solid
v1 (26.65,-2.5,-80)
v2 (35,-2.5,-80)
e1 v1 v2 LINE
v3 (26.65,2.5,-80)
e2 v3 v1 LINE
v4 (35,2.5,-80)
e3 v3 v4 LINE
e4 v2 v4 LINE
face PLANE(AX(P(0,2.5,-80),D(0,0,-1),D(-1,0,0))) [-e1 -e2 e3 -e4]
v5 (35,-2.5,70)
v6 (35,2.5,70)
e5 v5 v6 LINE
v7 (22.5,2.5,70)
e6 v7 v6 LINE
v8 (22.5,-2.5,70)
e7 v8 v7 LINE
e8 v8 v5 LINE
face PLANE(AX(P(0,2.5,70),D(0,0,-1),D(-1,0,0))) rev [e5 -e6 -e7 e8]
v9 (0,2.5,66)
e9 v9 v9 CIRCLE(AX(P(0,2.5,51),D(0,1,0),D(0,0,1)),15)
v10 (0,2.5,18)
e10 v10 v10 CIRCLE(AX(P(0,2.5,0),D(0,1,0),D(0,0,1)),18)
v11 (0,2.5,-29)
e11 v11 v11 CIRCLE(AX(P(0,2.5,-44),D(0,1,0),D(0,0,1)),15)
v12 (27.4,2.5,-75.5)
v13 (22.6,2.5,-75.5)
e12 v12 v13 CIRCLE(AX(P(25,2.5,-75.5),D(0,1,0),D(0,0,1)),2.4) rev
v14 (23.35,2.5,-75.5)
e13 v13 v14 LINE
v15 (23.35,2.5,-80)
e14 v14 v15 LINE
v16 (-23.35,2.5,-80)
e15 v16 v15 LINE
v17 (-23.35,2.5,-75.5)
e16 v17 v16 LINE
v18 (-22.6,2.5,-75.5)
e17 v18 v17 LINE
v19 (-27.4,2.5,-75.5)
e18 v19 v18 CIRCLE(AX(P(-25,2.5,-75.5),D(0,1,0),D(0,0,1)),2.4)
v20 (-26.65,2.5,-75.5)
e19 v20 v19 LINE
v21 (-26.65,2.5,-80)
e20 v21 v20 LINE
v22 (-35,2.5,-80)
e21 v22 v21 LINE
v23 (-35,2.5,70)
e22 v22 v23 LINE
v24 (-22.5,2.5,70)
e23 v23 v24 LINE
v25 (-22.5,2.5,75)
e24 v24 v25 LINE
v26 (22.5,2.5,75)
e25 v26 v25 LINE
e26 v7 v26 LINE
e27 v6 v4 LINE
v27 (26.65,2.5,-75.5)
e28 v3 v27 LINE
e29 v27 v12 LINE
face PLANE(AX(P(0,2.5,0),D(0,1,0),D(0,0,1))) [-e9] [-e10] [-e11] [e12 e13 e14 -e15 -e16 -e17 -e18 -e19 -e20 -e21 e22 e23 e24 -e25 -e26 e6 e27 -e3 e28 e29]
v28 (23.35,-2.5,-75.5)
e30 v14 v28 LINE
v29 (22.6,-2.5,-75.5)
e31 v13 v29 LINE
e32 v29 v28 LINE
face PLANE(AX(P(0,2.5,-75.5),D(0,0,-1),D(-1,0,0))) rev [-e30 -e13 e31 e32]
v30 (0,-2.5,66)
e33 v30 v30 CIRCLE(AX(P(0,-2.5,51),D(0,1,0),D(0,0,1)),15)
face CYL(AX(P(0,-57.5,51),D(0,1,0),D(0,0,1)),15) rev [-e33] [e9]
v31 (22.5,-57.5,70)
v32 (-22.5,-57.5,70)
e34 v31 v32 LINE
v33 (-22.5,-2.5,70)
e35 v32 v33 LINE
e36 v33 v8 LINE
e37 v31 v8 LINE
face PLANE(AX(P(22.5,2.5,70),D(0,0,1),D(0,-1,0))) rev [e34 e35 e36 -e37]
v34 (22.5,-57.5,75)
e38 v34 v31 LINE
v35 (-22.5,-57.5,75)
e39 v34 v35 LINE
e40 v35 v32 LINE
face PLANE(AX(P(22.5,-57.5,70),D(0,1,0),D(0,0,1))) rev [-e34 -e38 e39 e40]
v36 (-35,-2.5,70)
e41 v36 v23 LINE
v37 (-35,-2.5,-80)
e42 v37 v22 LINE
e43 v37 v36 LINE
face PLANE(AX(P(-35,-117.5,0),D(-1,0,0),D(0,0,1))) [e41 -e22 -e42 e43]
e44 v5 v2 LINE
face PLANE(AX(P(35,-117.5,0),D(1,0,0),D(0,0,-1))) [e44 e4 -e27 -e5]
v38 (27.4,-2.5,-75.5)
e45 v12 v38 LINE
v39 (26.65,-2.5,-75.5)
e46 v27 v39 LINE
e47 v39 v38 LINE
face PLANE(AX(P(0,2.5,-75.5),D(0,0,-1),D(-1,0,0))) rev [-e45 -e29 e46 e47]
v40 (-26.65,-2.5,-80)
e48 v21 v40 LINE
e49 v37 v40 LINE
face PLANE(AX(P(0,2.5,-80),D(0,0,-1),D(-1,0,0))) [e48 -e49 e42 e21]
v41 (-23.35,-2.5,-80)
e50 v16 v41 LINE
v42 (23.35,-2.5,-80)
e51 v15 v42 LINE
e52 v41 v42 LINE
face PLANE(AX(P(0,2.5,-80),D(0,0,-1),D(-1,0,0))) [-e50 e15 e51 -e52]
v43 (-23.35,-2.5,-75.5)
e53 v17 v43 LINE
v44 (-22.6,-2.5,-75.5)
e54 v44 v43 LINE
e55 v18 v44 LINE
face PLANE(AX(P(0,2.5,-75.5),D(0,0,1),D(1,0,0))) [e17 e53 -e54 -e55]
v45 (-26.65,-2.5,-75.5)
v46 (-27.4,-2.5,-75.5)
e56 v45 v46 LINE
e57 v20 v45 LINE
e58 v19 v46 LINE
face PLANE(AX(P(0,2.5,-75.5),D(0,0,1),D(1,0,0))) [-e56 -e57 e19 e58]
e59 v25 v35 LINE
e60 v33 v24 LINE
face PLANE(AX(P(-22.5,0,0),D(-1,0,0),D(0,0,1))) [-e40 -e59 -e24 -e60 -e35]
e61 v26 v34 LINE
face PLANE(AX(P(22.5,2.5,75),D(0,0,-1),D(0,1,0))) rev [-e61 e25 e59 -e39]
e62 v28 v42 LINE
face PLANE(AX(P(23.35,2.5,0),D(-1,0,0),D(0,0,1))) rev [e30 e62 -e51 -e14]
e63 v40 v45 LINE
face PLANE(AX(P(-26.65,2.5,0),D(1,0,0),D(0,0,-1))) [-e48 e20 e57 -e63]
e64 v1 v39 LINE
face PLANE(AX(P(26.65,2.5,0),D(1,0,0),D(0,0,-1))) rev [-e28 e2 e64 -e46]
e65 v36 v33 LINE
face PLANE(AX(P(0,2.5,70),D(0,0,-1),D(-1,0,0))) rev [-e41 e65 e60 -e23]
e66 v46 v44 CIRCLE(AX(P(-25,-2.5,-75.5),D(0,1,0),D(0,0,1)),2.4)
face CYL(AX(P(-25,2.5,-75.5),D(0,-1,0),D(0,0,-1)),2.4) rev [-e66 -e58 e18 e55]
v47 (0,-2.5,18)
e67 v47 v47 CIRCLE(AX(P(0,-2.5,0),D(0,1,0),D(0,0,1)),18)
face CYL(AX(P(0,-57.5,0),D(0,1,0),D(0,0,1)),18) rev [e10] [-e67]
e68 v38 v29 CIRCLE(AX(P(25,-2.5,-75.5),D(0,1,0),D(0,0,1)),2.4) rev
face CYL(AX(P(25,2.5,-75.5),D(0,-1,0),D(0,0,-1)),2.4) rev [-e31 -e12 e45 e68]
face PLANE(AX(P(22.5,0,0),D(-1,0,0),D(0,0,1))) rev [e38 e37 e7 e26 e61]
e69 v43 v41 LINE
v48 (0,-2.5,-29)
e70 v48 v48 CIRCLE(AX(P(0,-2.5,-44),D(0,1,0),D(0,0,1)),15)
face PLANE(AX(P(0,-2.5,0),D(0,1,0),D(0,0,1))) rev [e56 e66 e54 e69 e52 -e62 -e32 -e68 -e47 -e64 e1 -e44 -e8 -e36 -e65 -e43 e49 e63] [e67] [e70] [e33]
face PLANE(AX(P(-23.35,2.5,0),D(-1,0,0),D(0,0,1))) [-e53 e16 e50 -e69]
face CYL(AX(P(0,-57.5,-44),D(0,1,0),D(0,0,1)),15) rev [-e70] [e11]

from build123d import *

# Parameters (mm, degrees)
BOSS_EXTRUDE1_DEPTH     = 2.5
SKETCH4_W               = 41.785
SKETCH4_H               = 150
CUT_EXTRUDE1_DEPTH      = 120
SKETCH5_W               = 5
SKETCH5_H               = 60
BOSS_EXTRUDE2_DEPTH     = 22.5
CUT_EXTRUDE2_DEPTH      = 106.948100502
CUT_EXTRUDE2_DEPTH_BACK = 106.948100502
SKETCH3_R               = 15
SKETCH3_R_2             = 18


with BuildPart() as part:
    # Sketch2 → Boss-Extrude1 (new, symmetric)
    with BuildSketch(Plane(origin=(0, 0, 0), x_dir=(1, 0, 0), z_dir=(0, 1, 0))):
        with BuildLine():
            Line((-26.65, 80), (-76.785, 80))
            Line((-76.785, 80), (-76.785, -70))
            Line((-76.785, -70), (76.785, -70))
            Line((76.785, -70), (76.785, 80))
            Line((76.785, 80), (26.65, 80))
            Line((26.65, 80), (26.65, 75.5))
            Line((26.65, 75.5), (27.4, 75.5))
            ThreePointArc((27.4, 75.5), (25, 73.1), (22.6, 75.5))
            Line((22.6, 75.5), (23.35, 75.5))
            Line((23.35, 75.5), (23.35, 80))
            Line((23.35, 80), (-23.35, 80))
            Line((-23.35, 80), (-23.35, 75.5))
            Line((-23.35, 75.5), (-22.6, 75.5))
            ThreePointArc((-22.6, 75.5), (-25, 73.1), (-27.4, 75.5))
            Line((-27.4, 75.5), (-26.65, 75.5))
            Line((-26.65, 75.5), (-26.65, 80))
        make_face()
    extrude(amount=BOSS_EXTRUDE1_DEPTH, both=True)

    # Sketch4 → Cut-Extrude1 (cut)
    with BuildSketch(Plane(origin=(0, 2.5, 0), x_dir=(1, 0, 0), z_dir=(0, 1, 0))):
        with Locations((-55.8925, 5)):
            Rectangle(SKETCH4_W, SKETCH4_H)
        with Locations((55.8925, 5)):
            Rectangle(SKETCH4_W, SKETCH4_H)
    extrude(amount=-CUT_EXTRUDE1_DEPTH, mode=Mode.SUBTRACT)

    # Sketch5 → Boss-Extrude2 (add, symmetric)
    with BuildSketch(Plane(origin=(0, 0, 0), x_dir=(0, 0, -1), z_dir=(1, 0, 0))):
        with Locations((-72.5, -27.5)):
            Rectangle(SKETCH5_W, SKETCH5_H)
    extrude(amount=BOSS_EXTRUDE2_DEPTH, both=True)

    # Sketch3 → Cut-Extrude2 (cut, two sides: drawn at the far end of the back side and taken through both)
    with BuildSketch(Plane(origin=(0, 2.5, 0), x_dir=(1, 0, 0), z_dir=(0, 1, 0)).offset(-CUT_EXTRUDE2_DEPTH_BACK)):
        with Locations(Location((0, 44, 0), (0, 0, 270))):
            Circle(SKETCH3_R)
        with Locations(Location((0, -51, 0), (0, 0, 270))):
            Circle(SKETCH3_R)
        with Locations(Location((0, 0, 0), (0, 0, 270))):
            Circle(SKETCH3_R_2)
    extrude(amount=CUT_EXTRUDE2_DEPTH + CUT_EXTRUDE2_DEPTH_BACK, mode=Mode.SUBTRACT)


solid = part.part
